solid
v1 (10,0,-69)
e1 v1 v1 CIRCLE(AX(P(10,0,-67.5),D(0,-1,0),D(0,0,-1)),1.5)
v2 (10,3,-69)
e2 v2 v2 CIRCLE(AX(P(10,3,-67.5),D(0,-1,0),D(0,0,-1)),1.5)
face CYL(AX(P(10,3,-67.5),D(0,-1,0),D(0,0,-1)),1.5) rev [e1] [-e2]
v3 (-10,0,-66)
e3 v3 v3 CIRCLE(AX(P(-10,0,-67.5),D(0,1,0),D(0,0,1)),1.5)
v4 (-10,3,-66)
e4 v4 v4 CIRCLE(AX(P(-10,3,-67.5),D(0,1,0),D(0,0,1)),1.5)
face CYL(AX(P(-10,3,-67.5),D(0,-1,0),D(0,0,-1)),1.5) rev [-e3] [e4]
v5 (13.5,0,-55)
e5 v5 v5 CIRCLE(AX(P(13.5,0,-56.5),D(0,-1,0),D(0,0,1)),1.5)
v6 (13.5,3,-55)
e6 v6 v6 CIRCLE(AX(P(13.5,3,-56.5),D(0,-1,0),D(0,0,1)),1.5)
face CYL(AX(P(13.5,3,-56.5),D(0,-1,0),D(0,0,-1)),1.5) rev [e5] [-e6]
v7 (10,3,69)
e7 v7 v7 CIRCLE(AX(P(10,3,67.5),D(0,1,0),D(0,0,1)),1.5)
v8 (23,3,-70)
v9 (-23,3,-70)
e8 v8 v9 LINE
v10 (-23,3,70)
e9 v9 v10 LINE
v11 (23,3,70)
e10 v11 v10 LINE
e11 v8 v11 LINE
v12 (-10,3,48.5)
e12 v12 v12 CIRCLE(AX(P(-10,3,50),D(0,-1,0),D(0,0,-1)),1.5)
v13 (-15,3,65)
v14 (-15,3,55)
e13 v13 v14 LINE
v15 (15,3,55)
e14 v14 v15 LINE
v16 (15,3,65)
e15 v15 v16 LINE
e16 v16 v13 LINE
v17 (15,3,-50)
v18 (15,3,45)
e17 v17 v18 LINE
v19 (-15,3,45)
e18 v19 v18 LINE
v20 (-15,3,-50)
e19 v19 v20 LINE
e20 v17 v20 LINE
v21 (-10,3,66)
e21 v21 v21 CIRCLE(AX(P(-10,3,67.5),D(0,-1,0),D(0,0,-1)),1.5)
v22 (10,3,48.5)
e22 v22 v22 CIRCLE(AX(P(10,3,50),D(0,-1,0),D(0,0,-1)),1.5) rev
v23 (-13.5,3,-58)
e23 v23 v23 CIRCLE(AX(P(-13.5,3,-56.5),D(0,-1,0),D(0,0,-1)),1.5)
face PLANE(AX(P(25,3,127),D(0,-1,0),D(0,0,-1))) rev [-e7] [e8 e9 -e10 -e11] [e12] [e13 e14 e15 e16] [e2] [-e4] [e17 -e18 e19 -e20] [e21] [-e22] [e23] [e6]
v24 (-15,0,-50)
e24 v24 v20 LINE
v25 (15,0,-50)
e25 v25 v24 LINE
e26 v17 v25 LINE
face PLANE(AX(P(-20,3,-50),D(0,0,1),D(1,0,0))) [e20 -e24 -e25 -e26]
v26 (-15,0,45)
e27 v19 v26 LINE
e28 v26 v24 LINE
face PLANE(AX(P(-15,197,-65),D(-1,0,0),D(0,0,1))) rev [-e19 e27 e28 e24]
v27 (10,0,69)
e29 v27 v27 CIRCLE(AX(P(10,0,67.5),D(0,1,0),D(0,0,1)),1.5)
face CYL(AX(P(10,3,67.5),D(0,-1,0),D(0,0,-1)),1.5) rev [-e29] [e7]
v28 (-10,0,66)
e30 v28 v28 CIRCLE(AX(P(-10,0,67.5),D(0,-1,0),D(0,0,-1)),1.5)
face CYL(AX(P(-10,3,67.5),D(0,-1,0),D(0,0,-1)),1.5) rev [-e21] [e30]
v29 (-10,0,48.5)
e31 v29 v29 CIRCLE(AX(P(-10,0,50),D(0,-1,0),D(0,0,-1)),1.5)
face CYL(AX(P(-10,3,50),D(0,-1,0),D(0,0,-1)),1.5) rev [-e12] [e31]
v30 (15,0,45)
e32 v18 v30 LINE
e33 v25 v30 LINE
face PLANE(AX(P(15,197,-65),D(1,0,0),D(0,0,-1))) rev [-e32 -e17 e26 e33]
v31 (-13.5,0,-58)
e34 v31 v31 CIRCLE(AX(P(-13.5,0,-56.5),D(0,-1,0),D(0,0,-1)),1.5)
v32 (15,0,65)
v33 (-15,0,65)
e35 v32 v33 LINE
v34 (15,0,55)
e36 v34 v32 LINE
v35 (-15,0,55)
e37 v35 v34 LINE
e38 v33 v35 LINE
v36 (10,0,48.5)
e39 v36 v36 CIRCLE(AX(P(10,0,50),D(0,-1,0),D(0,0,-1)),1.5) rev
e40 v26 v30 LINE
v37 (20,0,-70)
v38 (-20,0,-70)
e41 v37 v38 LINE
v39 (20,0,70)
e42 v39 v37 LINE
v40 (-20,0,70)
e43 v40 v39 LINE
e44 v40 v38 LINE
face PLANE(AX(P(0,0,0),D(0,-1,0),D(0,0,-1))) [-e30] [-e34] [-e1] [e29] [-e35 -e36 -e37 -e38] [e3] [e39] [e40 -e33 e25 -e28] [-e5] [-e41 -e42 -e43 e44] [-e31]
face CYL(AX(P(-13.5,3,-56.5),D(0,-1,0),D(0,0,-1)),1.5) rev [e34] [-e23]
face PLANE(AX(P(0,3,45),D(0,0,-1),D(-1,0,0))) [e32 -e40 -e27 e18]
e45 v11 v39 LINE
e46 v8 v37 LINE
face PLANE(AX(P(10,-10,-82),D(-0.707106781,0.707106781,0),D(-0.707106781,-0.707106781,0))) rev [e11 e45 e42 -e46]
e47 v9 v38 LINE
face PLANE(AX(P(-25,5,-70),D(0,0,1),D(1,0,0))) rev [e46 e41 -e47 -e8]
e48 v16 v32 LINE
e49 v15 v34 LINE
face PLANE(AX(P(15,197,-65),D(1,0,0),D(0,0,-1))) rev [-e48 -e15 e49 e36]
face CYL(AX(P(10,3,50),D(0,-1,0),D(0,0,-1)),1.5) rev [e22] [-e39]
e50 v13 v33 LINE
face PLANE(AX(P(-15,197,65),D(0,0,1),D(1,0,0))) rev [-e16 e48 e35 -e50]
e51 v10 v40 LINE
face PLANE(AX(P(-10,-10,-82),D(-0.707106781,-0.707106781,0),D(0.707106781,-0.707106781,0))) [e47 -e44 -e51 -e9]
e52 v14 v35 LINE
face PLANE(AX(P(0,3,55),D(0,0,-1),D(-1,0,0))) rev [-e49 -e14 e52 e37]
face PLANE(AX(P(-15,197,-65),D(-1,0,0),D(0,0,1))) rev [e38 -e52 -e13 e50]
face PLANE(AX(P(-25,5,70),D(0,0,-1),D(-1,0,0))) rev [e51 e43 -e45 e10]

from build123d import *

# Parameters (mm, degrees)
SKETCH1_W           = 50
SKETCH1_H           = 140
BOSS_EXTRUDE2_DEPTH = 5
CUT_EXTRUDE1_DEPTH  = 152
SKETCH7_W           = 50
SKETCH7_H           = 2
CUT_EXTRUDE5_DEPTH  = 197
SKETCH8_W           = 30
SKETCH8_H           = 130
CUT_EXTRUDE6_DEPTH  = 197
SKETCH9_W           = 40
SKETCH9_H           = 20
SKETCH9_R           = 1.5
BOSS_EXTRUDE5_DEPTH = 3
SKETCH10_W          = 30
SKETCH10_H          = 10
SKETCH10_R          = 1.5
BOSS_EXTRUDE6_DEPTH = 3
SKETCH11_R          = 1.5
CUT_EXTRUDE7_DEPTH  = 3


with BuildPart() as part:
    # Sketch1 → Boss-Extrude2 (new body)
    with BuildSketch(Plane(origin=(0, 0, 0), x_dir=(1, 0, 0), z_dir=(0, 1, 0))):
        Rectangle(SKETCH1_W, SKETCH1_H)
    extrude(amount=BOSS_EXTRUDE2_DEPTH)

    # Sketch2 → Cut-Extrude1 (cut)
    with BuildSketch(Plane.XY.offset(70)):
        Polygon((-20, 0), (-25, 5), (-25, 0), align=None)
        Polygon((25, 5), (20, 0), (25, 0), align=None)
    extrude(amount=-CUT_EXTRUDE1_DEPTH, mode=Mode.SUBTRACT)

    # Sketch7 → Cut-Extrude5 (cut)
    with BuildSketch(Plane(origin=(0, 0, -70), x_dir=(-1, 0, 0), z_dir=(0, 0, -1))):
        with Locations((0, 4)):
            Rectangle(SKETCH7_W, SKETCH7_H)
    extrude(amount=-CUT_EXTRUDE5_DEPTH, mode=Mode.SUBTRACT)

    # Sketch8 → Cut-Extrude6 (cut)
    with BuildSketch(Plane.XZ):
        Rectangle(SKETCH8_W, SKETCH8_H)
    extrude(amount=-CUT_EXTRUDE6_DEPTH, mode=Mode.SUBTRACT)

    # Sketch9 → Boss-Extrude5 (add)
    with BuildSketch(Plane.XZ):
        with Locations((0, -60)):
            Rectangle(SKETCH9_W, SKETCH9_H)
        with Locations(Location((-13.5, -56.5, 0), (0, 0, 270))):
            Circle(SKETCH9_R, mode=Mode.SUBTRACT)
        with Locations(Location((13.5, -56.5, 0), (0, 0, 90))):
            Circle(SKETCH9_R, mode=Mode.SUBTRACT)
    extrude(amount=-BOSS_EXTRUDE5_DEPTH)

    # Sketch10 → Boss-Extrude6 (add)
    with BuildSketch(Plane.XZ):
        with Locations((0, 50)):
            Rectangle(SKETCH10_W, SKETCH10_H)
        with Locations(Location((-10, 50, 0), (0, 0, 270))):
            Circle(SKETCH10_R, mode=Mode.SUBTRACT)
        with Locations(Location((10, 50, 0), (0, 0, 270))):
            Circle(SKETCH10_R, mode=Mode.SUBTRACT)
    extrude(amount=-BOSS_EXTRUDE6_DEPTH)

    # Sketch11 → Cut-Extrude7 (cut)
    with BuildSketch(Plane.XZ):
        with Locations(Location((-10, 67.5, 0), (0, 0, 270))):
            Circle(SKETCH11_R)
        with Locations(Location((10, 67.5, 0), (0, 0, 90))):
            Circle(SKETCH11_R)
        with Locations(Location((10, -67.5, 0), (0, 0, 270))):
            Circle(SKETCH11_R)
        with Locations(Location((-10, -67.5, 0), (0, 0, 90))):
            Circle(SKETCH11_R)
    extrude(amount=-CUT_EXTRUDE7_DEPTH, mode=Mode.SUBTRACT)


solid = part.part
